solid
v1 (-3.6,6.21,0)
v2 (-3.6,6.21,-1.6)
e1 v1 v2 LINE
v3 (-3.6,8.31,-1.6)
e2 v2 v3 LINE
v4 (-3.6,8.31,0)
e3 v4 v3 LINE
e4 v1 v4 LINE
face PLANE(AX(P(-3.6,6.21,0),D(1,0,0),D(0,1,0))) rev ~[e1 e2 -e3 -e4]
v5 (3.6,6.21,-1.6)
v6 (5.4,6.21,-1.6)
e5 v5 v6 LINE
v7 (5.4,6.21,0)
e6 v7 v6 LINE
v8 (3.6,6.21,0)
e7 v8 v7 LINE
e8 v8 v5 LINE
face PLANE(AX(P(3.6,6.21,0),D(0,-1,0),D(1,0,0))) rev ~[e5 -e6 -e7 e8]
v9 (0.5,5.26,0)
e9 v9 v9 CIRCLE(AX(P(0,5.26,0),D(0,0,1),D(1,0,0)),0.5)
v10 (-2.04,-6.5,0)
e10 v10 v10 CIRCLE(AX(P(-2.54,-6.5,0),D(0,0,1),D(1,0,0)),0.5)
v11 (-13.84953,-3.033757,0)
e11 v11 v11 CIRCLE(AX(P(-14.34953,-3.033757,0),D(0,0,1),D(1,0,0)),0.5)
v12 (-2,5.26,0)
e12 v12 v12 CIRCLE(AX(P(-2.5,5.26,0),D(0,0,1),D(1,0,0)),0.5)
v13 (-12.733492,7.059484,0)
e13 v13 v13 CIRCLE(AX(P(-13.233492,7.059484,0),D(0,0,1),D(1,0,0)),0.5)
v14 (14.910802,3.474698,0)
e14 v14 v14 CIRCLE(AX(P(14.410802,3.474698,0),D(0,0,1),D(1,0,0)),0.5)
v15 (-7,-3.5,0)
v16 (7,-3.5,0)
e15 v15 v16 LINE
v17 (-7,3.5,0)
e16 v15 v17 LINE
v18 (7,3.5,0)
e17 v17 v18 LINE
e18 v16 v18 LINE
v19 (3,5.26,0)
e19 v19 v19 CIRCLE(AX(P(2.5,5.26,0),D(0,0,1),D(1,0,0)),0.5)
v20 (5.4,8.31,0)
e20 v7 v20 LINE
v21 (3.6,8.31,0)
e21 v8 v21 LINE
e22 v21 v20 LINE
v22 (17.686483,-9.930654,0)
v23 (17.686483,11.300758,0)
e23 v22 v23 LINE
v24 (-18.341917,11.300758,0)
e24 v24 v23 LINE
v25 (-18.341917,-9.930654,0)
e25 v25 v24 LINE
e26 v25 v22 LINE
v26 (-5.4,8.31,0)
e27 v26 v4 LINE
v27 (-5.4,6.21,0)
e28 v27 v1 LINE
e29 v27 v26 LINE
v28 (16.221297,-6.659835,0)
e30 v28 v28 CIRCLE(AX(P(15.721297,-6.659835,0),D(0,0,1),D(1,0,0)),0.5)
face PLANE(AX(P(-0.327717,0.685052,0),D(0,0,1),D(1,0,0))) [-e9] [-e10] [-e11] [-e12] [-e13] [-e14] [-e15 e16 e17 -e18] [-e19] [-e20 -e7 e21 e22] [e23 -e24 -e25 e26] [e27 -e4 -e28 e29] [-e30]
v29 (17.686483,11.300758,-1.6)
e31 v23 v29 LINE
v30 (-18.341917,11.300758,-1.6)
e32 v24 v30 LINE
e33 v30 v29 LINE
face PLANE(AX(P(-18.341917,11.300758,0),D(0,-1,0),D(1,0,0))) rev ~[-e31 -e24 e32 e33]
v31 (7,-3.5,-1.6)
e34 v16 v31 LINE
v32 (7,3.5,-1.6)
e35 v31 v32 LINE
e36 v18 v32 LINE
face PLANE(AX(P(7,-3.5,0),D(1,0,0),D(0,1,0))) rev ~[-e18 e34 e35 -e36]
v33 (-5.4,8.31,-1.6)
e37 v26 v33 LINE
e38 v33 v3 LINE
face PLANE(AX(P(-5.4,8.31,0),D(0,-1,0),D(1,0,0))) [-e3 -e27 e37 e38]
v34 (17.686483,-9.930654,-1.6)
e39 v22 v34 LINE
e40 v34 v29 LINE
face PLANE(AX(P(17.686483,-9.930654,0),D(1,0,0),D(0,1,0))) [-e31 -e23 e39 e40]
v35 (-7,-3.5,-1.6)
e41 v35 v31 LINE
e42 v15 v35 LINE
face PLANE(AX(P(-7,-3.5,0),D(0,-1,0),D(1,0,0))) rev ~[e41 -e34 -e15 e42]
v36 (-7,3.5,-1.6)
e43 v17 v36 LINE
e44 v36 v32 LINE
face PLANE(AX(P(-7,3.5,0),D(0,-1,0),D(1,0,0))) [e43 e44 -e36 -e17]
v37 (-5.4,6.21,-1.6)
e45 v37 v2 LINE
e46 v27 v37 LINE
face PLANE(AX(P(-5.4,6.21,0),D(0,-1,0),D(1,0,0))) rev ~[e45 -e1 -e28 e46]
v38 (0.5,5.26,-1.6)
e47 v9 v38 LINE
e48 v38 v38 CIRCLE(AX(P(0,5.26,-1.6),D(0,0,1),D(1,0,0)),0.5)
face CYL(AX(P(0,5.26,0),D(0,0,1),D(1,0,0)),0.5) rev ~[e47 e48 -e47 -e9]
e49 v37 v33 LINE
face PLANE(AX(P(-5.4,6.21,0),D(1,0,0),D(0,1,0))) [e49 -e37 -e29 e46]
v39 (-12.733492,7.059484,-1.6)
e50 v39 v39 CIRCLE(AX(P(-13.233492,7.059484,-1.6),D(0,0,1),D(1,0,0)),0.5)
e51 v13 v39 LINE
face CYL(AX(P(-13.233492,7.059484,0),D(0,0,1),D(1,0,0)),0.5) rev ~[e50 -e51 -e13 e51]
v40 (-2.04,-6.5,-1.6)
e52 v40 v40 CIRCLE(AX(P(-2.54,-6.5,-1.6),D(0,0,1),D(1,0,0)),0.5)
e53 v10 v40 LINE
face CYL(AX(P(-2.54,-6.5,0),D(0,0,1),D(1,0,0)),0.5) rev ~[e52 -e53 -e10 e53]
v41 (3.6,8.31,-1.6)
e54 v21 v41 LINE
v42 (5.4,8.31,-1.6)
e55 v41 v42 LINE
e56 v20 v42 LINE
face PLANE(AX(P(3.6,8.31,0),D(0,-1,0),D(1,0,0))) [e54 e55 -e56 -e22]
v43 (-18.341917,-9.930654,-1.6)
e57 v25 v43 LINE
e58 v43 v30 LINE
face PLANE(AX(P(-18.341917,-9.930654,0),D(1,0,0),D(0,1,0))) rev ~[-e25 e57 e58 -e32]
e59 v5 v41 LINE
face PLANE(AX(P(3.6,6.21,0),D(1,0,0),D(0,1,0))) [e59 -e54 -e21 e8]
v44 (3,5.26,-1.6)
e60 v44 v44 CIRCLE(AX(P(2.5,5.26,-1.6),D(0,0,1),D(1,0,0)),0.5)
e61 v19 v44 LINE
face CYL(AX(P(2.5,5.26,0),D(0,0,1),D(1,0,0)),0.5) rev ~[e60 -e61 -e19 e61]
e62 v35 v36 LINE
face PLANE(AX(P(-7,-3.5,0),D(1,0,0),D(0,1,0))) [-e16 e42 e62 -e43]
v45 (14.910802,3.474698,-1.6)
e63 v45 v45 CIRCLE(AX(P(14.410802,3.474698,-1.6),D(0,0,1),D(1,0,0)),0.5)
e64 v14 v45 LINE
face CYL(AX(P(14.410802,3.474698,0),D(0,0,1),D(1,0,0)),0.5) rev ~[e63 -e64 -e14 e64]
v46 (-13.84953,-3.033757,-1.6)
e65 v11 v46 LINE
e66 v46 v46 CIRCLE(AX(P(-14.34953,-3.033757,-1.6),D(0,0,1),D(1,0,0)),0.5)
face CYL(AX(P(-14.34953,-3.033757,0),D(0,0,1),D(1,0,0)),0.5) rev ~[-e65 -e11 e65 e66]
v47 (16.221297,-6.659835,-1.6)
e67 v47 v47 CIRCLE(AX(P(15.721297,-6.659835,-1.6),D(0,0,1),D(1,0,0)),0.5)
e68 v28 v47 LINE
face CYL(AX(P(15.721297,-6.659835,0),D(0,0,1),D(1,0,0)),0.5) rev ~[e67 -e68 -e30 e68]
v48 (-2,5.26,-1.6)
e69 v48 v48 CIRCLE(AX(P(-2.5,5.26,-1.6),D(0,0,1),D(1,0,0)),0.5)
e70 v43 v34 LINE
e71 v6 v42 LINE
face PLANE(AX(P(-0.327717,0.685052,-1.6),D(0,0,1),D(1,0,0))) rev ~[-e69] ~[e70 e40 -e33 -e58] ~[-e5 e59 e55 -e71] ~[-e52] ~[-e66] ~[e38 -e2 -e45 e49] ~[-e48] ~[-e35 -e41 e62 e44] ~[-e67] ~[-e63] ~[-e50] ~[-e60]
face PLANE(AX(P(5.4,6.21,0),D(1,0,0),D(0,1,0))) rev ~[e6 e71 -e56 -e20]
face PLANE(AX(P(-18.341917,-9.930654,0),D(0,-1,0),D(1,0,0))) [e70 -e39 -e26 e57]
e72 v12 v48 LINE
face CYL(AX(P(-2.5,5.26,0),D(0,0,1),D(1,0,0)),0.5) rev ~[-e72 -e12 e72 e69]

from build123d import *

# Parameters (mm, degrees)
F0_W     = 36.0284
F0_H     = 21.231412
F0_R     = 0.5
F0_W_2   = 1.8
F0_H_2   = 2.1
F1_DEPTH = 1.6
F2_W     = 14
F2_H     = 7
F3_DEPTH = 25


with BuildPart() as f1:
    # F0 (on Top) → F1 (new body)
    with BuildSketch(Plane.XY):
        with Locations((-0.327717, 0.685052)):
            Rectangle(F0_W, F0_H)
        with Locations((-2.54, -6.5)):
            Circle(F0_R, mode=Mode.SUBTRACT)
        with Locations((-14.34953, -3.033757)):
            Circle(F0_R, mode=Mode.SUBTRACT)
        with Locations((15.721297, -6.659835)):
            Circle(F0_R, mode=Mode.SUBTRACT)
        with Locations((-2.5, 5.26)):
            Circle(F0_R, mode=Mode.SUBTRACT)
        with Locations((-13.233492, 7.059484)):
            Circle(F0_R, mode=Mode.SUBTRACT)
        with Locations((-4.5, 7.26)):
            Rectangle(F0_W_2, F0_H_2, mode=Mode.SUBTRACT)
        with Locations((0, 5.26)):
            Circle(F0_R, mode=Mode.SUBTRACT)
        with Locations((2.5, 5.26)):
            Circle(F0_R, mode=Mode.SUBTRACT)
        with Locations((14.410802, 3.474698)):
            Circle(F0_R, mode=Mode.SUBTRACT)
        with Locations((4.5, 7.26)):
            Rectangle(F0_W_2, F0_H_2, mode=Mode.SUBTRACT)
    extrude(amount=-F1_DEPTH)

    # F2 (on face) → F3 (cut)
    with BuildSketch(Plane.XY):
        Rectangle(F2_W, F2_H)
    extrude(amount=-F3_DEPTH, mode=Mode.SUBTRACT)


solid = f1.part
